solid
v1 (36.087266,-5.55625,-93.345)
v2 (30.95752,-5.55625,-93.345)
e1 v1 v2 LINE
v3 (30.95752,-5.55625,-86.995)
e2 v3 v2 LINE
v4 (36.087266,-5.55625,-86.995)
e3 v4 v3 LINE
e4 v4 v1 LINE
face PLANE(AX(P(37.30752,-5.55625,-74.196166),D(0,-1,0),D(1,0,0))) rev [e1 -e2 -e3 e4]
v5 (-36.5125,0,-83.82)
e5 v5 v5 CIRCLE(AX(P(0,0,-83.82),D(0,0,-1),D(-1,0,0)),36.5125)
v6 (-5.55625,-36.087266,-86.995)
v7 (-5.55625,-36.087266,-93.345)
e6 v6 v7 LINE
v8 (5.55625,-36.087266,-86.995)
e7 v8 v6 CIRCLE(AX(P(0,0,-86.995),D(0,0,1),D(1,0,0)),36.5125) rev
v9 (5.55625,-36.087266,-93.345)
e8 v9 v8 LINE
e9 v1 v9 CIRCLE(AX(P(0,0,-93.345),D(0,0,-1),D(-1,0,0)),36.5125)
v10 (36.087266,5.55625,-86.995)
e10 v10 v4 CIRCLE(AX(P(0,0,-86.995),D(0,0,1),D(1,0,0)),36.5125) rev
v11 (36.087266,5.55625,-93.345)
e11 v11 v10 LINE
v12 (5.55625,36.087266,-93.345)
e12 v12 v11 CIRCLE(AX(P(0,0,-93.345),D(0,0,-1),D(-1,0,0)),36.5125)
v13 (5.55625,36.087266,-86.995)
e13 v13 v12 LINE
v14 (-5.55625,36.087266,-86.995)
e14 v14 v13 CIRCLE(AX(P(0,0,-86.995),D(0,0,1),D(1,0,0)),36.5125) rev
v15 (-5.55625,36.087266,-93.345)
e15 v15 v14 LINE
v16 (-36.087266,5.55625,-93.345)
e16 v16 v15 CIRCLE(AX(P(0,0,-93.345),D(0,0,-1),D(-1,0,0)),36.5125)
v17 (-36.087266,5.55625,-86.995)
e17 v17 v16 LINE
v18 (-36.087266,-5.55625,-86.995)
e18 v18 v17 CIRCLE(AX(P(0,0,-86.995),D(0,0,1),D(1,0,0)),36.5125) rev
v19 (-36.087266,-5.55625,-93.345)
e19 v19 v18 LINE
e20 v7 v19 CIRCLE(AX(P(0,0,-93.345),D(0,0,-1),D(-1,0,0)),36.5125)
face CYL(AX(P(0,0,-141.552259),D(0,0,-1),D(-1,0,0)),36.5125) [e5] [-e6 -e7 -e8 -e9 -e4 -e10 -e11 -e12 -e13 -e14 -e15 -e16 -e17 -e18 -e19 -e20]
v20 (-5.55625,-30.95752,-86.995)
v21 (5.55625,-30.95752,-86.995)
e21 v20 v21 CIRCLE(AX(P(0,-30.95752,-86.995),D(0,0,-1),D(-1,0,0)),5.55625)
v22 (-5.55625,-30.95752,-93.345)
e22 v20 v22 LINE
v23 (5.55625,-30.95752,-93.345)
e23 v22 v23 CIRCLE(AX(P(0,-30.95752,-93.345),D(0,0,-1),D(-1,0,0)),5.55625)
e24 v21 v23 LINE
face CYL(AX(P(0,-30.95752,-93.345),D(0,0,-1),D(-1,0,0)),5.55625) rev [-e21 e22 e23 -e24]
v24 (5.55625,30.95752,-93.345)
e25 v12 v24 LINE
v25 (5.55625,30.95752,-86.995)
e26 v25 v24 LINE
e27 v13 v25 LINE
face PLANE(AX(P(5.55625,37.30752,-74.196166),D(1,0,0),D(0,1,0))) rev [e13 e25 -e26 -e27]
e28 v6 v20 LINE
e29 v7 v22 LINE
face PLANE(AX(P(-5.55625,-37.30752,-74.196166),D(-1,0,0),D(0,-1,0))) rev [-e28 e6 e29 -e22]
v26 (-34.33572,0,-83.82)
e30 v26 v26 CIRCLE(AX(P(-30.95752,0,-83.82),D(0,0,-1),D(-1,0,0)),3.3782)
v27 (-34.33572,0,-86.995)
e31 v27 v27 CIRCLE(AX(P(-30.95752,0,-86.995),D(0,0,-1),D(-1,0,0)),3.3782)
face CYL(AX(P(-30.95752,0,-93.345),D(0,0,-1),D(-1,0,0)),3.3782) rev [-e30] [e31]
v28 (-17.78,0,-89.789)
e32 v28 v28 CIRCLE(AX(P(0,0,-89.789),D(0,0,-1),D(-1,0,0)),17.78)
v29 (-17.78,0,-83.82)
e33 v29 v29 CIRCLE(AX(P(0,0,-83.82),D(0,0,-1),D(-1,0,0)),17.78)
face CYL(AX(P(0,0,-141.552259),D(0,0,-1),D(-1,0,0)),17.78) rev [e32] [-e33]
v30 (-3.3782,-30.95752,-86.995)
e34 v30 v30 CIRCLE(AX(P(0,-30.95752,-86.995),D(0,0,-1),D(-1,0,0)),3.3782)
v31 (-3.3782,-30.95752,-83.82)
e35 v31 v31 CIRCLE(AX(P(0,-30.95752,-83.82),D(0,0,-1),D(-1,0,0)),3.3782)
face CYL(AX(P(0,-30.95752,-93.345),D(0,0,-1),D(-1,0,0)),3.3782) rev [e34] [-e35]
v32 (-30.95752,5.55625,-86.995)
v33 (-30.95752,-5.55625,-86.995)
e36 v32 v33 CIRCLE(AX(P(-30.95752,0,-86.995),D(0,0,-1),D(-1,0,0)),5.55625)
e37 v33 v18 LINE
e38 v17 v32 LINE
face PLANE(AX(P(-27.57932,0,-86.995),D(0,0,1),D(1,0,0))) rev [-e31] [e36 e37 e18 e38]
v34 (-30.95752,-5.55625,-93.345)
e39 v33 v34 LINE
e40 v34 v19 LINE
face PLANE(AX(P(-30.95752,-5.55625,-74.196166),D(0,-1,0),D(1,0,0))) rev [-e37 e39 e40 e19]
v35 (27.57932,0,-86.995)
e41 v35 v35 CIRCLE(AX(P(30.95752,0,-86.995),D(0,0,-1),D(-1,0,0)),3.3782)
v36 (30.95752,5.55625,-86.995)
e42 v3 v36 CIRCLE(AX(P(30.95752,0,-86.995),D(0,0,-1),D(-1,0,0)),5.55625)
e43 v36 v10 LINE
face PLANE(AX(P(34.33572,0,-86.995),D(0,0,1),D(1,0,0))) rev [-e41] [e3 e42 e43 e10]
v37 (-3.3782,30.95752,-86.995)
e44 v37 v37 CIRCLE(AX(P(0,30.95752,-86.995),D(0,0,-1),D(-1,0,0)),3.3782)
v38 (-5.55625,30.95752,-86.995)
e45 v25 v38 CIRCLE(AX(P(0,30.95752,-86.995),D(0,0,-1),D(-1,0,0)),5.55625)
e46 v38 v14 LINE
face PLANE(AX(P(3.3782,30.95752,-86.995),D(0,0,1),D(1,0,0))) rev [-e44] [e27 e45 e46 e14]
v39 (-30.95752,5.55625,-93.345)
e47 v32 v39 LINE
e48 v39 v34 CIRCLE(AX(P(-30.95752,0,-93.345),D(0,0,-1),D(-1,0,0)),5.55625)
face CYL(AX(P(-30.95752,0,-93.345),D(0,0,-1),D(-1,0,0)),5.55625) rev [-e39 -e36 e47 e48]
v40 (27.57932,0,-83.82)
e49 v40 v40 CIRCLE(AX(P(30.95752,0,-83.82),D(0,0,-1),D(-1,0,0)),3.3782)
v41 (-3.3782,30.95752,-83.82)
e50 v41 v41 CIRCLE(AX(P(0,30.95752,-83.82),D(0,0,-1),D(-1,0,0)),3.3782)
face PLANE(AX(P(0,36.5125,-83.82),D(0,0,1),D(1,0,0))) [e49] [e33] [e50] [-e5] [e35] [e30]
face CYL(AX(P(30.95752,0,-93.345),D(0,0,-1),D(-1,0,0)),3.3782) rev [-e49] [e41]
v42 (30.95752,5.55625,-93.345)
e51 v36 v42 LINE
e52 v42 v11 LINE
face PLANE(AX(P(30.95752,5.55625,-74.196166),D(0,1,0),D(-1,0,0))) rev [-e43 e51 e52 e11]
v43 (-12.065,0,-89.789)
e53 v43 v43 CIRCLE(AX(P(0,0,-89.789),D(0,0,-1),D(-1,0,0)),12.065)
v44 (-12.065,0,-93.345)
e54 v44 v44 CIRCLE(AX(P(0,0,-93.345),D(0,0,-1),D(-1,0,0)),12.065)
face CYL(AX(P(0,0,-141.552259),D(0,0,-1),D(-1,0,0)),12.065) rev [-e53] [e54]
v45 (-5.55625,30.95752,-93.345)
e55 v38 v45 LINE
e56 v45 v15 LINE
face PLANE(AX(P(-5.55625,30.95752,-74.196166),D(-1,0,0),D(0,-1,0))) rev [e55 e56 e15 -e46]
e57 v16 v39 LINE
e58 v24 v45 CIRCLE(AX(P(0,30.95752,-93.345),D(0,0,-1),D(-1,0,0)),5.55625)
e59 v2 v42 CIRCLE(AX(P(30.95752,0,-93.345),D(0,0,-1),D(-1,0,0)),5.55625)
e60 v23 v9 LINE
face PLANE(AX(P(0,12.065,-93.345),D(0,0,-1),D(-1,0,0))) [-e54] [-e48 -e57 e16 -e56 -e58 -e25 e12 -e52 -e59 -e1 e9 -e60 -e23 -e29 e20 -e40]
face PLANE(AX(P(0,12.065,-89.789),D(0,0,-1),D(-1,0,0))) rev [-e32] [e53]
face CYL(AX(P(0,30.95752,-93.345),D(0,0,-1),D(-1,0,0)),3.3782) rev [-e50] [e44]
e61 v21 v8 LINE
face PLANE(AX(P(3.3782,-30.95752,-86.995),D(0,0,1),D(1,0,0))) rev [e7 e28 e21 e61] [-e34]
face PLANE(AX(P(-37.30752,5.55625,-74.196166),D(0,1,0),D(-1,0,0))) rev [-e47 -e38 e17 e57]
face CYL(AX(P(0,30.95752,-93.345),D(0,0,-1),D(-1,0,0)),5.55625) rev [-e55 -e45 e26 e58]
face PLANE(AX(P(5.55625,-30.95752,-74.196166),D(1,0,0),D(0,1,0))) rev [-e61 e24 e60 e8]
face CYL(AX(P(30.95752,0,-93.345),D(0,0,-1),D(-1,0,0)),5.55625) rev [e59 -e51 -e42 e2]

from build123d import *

# Parameters (mm, degrees)
CBORE_FOR_1_4_SOCKET_HEAD_CAP_SCREW1_D           = 6.7564
CBORE_FOR_1_4_SOCKET_HEAD_CAP_SCREW1_CBORE_D     = 11.1125
CBORE_FOR_1_4_SOCKET_HEAD_CAP_SCREW1_CBORE_DEPTH = 6.35
CUT_EXTRUDE1_DEPTH                               = 6.35


with BuildPart() as part:
    # Cap → Endcap-Revolve (revolve)
    with BuildSketch(Plane(origin=(0, 0, 0), x_dir=(0, 0, -1), z_dir=(1, 0, 0)), mode=Mode.PRIVATE) as endcap_revolve_sk:
        Polygon((93.345, 12.065), (89.789, 12.065), (89.789, 17.78), (83.82, 17.78), (83.82, 36.5125), (93.345, 36.5125), align=None)
    revolve(endcap_revolve_sk.sketch.rotate(Axis((0, 0, -141.5522592), (0, 0, 1)), 90), axis=Axis((0, 0, -141.5522592), (0, 0, 1)))

    # CBORE for 1/4 Socket Head Cap Screw1 (through all)
    with Locations(Plane(origin=(0, 0, -93.345), x_dir=(-1, 0, 0), z_dir=(0, 0, -1))):
        with Locations((0, 30.95752), (30.95752, 0), (0, -30.95752), (-30.95752, 0)):
            CounterBoreHole(CBORE_FOR_1_4_SOCKET_HEAD_CAP_SCREW1_D / 2, CBORE_FOR_1_4_SOCKET_HEAD_CAP_SCREW1_CBORE_D / 2, CBORE_FOR_1_4_SOCKET_HEAD_CAP_SCREW1_CBORE_DEPTH)

    # Bolt-Clearance → Cut-Extrude1 (cut)
    with BuildSketch(Plane(origin=(0, 0, -93.345), x_dir=(-1, 0, 0), z_dir=(0, 0, -1))):
        Polygon((5.55625, 30.95752), (5.55625, 37.30752), (-5.55625, 37.30752), (-5.55625, 30.95752), (0, 30.95752), align=None)
        Polygon((30.95752, 0), (30.95752, 5.55625), (37.30752, 5.55625), (37.30752, -5.55625), (30.95752, -5.55625), align=None)
        Polygon((0, -30.95752), (5.55625, -30.95752), (5.55625, -37.30752), (-5.55625, -37.30752), (-5.55625, -30.95752), align=None)
        Polygon((-30.95752, 0), (-30.95752, -5.55625), (-37.30752, -5.55625), (-37.30752, 5.55625), (-30.95752, 5.55625), align=None)
    extrude(amount=-CUT_EXTRUDE1_DEPTH, mode=Mode.SUBTRACT)


solid = part.part
